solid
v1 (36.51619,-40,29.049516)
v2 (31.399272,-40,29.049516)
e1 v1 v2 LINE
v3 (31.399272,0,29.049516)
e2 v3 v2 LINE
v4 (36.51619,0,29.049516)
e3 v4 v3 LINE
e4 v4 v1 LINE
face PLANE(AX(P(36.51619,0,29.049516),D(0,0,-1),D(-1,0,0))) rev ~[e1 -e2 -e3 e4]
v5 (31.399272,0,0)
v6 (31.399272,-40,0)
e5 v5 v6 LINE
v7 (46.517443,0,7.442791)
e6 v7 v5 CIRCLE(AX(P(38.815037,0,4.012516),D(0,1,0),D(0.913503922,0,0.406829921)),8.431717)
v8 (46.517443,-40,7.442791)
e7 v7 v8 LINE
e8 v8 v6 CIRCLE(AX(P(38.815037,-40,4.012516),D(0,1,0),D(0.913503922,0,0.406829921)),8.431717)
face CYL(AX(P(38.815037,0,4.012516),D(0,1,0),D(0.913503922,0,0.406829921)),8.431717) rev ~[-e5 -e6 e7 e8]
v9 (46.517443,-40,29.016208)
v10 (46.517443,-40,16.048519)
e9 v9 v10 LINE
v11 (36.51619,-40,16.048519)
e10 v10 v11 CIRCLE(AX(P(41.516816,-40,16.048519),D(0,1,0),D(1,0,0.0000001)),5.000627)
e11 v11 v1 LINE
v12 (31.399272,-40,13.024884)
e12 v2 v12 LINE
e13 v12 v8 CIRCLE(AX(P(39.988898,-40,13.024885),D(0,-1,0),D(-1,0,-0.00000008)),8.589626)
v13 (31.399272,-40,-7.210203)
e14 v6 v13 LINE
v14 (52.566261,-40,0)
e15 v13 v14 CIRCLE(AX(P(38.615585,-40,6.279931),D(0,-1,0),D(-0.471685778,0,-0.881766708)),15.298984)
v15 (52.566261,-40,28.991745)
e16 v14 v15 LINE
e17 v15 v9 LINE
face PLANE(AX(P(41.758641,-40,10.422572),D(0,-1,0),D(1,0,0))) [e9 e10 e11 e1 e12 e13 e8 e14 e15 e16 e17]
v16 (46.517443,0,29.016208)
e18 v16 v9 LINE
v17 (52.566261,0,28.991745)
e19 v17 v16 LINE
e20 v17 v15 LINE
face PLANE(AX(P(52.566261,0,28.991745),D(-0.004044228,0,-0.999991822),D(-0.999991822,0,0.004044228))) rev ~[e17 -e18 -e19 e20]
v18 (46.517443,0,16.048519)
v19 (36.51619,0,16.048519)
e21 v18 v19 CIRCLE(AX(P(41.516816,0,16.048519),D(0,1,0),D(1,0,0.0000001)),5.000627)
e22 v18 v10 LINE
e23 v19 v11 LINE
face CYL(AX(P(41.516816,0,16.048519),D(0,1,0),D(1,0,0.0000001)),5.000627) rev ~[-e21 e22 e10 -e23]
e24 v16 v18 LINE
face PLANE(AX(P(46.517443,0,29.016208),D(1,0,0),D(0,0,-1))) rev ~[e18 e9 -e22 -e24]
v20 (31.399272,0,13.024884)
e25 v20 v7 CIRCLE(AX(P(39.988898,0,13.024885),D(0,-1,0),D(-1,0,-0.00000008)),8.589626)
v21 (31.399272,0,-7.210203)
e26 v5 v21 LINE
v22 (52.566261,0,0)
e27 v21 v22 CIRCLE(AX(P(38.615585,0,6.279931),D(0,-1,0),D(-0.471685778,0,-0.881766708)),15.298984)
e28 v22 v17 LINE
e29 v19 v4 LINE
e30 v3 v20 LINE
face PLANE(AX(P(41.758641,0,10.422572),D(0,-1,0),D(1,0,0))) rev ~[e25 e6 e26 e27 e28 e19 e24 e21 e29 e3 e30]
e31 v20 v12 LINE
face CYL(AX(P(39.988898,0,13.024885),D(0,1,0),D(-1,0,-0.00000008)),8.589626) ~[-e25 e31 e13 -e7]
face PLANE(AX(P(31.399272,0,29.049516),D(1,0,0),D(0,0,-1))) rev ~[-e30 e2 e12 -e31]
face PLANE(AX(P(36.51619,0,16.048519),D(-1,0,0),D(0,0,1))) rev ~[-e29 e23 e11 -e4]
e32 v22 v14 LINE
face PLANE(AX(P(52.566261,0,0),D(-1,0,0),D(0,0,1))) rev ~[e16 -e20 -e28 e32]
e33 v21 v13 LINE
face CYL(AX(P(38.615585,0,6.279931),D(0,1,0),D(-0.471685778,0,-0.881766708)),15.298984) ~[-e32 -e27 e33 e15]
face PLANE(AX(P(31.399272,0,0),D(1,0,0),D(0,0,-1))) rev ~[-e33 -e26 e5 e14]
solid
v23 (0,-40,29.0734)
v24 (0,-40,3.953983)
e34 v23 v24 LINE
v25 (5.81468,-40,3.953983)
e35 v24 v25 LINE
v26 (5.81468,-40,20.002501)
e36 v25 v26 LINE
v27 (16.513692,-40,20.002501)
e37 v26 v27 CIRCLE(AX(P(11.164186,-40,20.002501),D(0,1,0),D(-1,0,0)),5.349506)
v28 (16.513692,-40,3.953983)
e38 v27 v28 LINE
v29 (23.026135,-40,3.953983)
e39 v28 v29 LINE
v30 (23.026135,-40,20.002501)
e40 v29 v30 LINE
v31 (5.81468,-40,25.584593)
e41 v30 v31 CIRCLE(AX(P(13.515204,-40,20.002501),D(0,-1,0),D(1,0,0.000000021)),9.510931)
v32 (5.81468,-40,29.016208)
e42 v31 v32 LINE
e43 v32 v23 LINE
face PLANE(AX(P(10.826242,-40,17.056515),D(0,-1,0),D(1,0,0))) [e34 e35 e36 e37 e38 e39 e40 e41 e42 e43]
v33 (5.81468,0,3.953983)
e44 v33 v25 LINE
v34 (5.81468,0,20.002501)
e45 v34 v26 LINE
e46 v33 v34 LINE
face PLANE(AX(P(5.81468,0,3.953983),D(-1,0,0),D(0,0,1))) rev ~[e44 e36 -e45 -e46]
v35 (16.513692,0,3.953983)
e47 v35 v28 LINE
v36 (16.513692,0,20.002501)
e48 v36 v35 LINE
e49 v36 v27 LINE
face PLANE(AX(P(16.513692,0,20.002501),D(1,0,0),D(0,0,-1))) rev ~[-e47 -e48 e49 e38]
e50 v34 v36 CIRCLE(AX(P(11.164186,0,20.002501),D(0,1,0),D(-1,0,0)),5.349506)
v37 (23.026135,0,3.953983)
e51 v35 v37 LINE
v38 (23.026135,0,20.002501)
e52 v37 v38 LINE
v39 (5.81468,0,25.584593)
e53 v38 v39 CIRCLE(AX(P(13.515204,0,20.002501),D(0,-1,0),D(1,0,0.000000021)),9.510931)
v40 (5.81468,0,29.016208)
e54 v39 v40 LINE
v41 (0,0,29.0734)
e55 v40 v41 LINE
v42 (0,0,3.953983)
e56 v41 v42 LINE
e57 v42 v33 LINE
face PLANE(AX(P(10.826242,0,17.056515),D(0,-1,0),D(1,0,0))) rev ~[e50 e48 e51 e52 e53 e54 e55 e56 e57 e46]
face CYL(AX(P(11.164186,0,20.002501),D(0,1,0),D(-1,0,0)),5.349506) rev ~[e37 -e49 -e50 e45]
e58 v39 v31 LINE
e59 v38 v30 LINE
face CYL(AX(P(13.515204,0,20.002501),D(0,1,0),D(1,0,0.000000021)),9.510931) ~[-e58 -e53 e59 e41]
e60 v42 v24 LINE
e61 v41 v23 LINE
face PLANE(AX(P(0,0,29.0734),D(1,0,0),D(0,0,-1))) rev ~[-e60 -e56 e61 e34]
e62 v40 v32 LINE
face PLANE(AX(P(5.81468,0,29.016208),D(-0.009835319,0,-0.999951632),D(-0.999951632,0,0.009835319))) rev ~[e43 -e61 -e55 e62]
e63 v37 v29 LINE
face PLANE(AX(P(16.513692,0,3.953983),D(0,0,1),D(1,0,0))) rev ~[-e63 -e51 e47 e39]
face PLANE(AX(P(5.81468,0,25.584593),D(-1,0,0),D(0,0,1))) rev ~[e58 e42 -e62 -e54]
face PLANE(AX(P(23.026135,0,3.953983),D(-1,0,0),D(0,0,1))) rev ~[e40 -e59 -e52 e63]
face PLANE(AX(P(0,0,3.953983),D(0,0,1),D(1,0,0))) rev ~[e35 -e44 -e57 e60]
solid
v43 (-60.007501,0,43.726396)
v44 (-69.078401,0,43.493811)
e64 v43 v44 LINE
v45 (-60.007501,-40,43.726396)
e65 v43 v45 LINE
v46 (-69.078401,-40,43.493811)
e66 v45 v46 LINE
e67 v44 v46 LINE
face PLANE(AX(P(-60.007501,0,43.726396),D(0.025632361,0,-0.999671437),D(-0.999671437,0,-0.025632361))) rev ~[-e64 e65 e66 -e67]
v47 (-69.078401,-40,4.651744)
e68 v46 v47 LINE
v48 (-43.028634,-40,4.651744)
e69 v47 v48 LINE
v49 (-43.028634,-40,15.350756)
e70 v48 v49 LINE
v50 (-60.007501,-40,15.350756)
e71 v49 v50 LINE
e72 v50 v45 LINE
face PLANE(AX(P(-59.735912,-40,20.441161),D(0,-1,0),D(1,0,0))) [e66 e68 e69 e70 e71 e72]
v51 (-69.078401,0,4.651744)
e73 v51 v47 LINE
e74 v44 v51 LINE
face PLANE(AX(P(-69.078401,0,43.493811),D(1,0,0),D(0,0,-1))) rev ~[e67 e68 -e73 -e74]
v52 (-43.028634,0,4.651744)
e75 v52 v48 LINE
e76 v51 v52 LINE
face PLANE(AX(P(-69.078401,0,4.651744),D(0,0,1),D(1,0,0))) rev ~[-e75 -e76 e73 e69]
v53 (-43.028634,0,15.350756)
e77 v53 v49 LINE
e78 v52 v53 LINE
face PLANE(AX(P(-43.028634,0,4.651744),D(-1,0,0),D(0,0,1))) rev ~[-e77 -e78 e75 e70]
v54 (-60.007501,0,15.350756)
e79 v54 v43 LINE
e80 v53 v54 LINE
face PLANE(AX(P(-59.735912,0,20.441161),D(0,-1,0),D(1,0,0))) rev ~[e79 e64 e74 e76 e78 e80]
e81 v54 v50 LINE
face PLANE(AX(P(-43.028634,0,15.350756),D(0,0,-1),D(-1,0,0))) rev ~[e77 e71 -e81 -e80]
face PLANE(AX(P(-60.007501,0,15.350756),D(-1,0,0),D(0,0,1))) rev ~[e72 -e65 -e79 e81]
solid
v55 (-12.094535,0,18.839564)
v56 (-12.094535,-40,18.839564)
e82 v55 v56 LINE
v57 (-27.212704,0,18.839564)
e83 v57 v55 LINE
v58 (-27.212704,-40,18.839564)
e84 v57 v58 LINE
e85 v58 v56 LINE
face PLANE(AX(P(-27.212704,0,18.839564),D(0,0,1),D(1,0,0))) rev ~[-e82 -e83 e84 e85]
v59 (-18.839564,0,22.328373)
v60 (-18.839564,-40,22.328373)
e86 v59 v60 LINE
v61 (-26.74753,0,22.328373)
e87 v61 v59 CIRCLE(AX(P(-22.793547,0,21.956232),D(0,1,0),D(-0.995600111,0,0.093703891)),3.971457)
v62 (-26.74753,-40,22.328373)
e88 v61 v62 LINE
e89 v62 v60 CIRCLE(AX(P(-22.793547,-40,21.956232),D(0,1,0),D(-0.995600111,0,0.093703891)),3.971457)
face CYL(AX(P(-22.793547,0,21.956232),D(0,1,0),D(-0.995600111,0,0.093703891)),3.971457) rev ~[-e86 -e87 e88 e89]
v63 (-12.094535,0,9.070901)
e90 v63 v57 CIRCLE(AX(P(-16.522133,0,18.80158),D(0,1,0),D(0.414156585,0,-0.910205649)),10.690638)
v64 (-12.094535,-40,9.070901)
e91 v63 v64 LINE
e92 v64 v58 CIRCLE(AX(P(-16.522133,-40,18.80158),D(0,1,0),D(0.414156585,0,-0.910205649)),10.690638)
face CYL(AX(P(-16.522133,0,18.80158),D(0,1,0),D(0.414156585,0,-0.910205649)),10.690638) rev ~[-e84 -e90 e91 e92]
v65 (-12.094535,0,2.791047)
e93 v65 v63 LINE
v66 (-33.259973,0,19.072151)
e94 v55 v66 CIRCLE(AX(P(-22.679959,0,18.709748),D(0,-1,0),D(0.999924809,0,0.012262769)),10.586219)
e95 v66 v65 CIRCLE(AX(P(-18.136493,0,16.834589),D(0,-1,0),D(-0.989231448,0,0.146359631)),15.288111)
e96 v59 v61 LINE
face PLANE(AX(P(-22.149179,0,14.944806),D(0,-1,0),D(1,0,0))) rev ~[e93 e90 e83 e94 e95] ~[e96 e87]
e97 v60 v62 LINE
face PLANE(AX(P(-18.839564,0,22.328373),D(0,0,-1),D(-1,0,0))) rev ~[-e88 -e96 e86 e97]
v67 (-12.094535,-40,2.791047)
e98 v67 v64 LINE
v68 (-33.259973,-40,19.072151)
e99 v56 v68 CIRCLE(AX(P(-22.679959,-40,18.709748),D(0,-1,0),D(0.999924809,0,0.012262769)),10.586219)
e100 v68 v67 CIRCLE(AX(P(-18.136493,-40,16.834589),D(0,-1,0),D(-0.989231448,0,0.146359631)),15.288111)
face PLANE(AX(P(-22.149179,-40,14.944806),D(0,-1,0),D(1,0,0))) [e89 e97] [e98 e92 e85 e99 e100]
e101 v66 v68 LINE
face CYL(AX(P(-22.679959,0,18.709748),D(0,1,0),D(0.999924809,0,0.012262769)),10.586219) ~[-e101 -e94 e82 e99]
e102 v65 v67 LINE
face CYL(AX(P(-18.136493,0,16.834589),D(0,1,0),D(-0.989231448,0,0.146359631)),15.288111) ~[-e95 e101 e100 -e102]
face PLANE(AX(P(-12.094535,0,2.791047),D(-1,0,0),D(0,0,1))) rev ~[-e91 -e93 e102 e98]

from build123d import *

# Parameters (mm, degrees)
F1_DEPTH = 40


with BuildPart() as f1:
    # F0 (on Front) → F1 (new body)
    with BuildSketch(Plane.XZ):
        Polygon((-60.007501, 43.726396), (-69.078401, 43.493811), (-69.078401, 4.651744), (-43.028634, 4.651744), (-43.028634, 15.350756), (-60.007501, 15.350756), align=None)
        with BuildLine():
            ThreePointArc((-12.094535, 9.070901), (-22.324107, 9.822335), (-27.212704, 18.839564))
            Line((-27.212704, 18.839564), (-12.094535, 18.839564))
            ThreePointArc((-12.094535, 18.839564), (-22.563634, 29.295328), (-33.259973, 19.072151))
            ThreePointArc((-33.259973, 19.072151), (-27.457818, 4.716865), (-12.094535, 2.791047))
            Line((-12.094535, 2.791047), (-12.094535, 9.070901))
        make_face()
        with BuildLine():
            Line((-18.839564, 22.328373), (-26.74753, 22.328373))
            ThreePointArc((-26.74753, 22.328373), (-22.793547, 25.927689), (-18.839564, 22.328373))
        make_face(mode=Mode.SUBTRACT)
        with BuildLine():
            Line((5.81468, 29.016208), (0, 29.0734))
            Line((0, 29.0734), (0, 3.953983))
            Line((0, 3.953983), (5.81468, 3.953983))
            Line((5.81468, 3.953983), (5.81468, 20.002501))
            ThreePointArc((5.81468, 20.002501), (11.164186, 25.352007), (16.513692, 20.002501))
            Line((16.513692, 20.002501), (16.513692, 3.953983))
            Line((16.513692, 3.953983), (23.026135, 3.953983))
            Line((23.026135, 3.953983), (23.026135, 20.002501))
            ThreePointArc((23.026135, 20.002501), (16.44937, 29.049516), (5.81468, 25.584593))
            Line((5.81468, 25.584593), (5.81468, 29.016208))
        make_face()
        with BuildLine():
            Line((36.51619, 29.049516), (31.399272, 29.049516))
            Line((31.399272, 29.049516), (31.399272, 13.024884))
            ThreePointArc((31.399272, 13.024884), (37.013674, 4.966987), (46.517443, 7.442791))
            ThreePointArc((46.517443, 7.442791), (42.539191, -3.552173), (31.399272, 0))
            Line((31.399272, 0), (31.399272, -7.210203))
            ThreePointArc((31.399272, -7.210203), (43.548604, -8.201927), (52.566261, 0))
            Line((52.566261, 0), (52.566261, 28.991745))
            Line((52.566261, 28.991745), (46.517443, 29.016208))
            Line((46.517443, 29.016208), (46.517443, 16.048519))
            ThreePointArc((46.517443, 16.048519), (41.516816, 11.047892), (36.51619, 16.048519))
            Line((36.51619, 16.048519), (36.51619, 29.049516))
        make_face()
    extrude(amount=F1_DEPTH)


solid = f1.part
